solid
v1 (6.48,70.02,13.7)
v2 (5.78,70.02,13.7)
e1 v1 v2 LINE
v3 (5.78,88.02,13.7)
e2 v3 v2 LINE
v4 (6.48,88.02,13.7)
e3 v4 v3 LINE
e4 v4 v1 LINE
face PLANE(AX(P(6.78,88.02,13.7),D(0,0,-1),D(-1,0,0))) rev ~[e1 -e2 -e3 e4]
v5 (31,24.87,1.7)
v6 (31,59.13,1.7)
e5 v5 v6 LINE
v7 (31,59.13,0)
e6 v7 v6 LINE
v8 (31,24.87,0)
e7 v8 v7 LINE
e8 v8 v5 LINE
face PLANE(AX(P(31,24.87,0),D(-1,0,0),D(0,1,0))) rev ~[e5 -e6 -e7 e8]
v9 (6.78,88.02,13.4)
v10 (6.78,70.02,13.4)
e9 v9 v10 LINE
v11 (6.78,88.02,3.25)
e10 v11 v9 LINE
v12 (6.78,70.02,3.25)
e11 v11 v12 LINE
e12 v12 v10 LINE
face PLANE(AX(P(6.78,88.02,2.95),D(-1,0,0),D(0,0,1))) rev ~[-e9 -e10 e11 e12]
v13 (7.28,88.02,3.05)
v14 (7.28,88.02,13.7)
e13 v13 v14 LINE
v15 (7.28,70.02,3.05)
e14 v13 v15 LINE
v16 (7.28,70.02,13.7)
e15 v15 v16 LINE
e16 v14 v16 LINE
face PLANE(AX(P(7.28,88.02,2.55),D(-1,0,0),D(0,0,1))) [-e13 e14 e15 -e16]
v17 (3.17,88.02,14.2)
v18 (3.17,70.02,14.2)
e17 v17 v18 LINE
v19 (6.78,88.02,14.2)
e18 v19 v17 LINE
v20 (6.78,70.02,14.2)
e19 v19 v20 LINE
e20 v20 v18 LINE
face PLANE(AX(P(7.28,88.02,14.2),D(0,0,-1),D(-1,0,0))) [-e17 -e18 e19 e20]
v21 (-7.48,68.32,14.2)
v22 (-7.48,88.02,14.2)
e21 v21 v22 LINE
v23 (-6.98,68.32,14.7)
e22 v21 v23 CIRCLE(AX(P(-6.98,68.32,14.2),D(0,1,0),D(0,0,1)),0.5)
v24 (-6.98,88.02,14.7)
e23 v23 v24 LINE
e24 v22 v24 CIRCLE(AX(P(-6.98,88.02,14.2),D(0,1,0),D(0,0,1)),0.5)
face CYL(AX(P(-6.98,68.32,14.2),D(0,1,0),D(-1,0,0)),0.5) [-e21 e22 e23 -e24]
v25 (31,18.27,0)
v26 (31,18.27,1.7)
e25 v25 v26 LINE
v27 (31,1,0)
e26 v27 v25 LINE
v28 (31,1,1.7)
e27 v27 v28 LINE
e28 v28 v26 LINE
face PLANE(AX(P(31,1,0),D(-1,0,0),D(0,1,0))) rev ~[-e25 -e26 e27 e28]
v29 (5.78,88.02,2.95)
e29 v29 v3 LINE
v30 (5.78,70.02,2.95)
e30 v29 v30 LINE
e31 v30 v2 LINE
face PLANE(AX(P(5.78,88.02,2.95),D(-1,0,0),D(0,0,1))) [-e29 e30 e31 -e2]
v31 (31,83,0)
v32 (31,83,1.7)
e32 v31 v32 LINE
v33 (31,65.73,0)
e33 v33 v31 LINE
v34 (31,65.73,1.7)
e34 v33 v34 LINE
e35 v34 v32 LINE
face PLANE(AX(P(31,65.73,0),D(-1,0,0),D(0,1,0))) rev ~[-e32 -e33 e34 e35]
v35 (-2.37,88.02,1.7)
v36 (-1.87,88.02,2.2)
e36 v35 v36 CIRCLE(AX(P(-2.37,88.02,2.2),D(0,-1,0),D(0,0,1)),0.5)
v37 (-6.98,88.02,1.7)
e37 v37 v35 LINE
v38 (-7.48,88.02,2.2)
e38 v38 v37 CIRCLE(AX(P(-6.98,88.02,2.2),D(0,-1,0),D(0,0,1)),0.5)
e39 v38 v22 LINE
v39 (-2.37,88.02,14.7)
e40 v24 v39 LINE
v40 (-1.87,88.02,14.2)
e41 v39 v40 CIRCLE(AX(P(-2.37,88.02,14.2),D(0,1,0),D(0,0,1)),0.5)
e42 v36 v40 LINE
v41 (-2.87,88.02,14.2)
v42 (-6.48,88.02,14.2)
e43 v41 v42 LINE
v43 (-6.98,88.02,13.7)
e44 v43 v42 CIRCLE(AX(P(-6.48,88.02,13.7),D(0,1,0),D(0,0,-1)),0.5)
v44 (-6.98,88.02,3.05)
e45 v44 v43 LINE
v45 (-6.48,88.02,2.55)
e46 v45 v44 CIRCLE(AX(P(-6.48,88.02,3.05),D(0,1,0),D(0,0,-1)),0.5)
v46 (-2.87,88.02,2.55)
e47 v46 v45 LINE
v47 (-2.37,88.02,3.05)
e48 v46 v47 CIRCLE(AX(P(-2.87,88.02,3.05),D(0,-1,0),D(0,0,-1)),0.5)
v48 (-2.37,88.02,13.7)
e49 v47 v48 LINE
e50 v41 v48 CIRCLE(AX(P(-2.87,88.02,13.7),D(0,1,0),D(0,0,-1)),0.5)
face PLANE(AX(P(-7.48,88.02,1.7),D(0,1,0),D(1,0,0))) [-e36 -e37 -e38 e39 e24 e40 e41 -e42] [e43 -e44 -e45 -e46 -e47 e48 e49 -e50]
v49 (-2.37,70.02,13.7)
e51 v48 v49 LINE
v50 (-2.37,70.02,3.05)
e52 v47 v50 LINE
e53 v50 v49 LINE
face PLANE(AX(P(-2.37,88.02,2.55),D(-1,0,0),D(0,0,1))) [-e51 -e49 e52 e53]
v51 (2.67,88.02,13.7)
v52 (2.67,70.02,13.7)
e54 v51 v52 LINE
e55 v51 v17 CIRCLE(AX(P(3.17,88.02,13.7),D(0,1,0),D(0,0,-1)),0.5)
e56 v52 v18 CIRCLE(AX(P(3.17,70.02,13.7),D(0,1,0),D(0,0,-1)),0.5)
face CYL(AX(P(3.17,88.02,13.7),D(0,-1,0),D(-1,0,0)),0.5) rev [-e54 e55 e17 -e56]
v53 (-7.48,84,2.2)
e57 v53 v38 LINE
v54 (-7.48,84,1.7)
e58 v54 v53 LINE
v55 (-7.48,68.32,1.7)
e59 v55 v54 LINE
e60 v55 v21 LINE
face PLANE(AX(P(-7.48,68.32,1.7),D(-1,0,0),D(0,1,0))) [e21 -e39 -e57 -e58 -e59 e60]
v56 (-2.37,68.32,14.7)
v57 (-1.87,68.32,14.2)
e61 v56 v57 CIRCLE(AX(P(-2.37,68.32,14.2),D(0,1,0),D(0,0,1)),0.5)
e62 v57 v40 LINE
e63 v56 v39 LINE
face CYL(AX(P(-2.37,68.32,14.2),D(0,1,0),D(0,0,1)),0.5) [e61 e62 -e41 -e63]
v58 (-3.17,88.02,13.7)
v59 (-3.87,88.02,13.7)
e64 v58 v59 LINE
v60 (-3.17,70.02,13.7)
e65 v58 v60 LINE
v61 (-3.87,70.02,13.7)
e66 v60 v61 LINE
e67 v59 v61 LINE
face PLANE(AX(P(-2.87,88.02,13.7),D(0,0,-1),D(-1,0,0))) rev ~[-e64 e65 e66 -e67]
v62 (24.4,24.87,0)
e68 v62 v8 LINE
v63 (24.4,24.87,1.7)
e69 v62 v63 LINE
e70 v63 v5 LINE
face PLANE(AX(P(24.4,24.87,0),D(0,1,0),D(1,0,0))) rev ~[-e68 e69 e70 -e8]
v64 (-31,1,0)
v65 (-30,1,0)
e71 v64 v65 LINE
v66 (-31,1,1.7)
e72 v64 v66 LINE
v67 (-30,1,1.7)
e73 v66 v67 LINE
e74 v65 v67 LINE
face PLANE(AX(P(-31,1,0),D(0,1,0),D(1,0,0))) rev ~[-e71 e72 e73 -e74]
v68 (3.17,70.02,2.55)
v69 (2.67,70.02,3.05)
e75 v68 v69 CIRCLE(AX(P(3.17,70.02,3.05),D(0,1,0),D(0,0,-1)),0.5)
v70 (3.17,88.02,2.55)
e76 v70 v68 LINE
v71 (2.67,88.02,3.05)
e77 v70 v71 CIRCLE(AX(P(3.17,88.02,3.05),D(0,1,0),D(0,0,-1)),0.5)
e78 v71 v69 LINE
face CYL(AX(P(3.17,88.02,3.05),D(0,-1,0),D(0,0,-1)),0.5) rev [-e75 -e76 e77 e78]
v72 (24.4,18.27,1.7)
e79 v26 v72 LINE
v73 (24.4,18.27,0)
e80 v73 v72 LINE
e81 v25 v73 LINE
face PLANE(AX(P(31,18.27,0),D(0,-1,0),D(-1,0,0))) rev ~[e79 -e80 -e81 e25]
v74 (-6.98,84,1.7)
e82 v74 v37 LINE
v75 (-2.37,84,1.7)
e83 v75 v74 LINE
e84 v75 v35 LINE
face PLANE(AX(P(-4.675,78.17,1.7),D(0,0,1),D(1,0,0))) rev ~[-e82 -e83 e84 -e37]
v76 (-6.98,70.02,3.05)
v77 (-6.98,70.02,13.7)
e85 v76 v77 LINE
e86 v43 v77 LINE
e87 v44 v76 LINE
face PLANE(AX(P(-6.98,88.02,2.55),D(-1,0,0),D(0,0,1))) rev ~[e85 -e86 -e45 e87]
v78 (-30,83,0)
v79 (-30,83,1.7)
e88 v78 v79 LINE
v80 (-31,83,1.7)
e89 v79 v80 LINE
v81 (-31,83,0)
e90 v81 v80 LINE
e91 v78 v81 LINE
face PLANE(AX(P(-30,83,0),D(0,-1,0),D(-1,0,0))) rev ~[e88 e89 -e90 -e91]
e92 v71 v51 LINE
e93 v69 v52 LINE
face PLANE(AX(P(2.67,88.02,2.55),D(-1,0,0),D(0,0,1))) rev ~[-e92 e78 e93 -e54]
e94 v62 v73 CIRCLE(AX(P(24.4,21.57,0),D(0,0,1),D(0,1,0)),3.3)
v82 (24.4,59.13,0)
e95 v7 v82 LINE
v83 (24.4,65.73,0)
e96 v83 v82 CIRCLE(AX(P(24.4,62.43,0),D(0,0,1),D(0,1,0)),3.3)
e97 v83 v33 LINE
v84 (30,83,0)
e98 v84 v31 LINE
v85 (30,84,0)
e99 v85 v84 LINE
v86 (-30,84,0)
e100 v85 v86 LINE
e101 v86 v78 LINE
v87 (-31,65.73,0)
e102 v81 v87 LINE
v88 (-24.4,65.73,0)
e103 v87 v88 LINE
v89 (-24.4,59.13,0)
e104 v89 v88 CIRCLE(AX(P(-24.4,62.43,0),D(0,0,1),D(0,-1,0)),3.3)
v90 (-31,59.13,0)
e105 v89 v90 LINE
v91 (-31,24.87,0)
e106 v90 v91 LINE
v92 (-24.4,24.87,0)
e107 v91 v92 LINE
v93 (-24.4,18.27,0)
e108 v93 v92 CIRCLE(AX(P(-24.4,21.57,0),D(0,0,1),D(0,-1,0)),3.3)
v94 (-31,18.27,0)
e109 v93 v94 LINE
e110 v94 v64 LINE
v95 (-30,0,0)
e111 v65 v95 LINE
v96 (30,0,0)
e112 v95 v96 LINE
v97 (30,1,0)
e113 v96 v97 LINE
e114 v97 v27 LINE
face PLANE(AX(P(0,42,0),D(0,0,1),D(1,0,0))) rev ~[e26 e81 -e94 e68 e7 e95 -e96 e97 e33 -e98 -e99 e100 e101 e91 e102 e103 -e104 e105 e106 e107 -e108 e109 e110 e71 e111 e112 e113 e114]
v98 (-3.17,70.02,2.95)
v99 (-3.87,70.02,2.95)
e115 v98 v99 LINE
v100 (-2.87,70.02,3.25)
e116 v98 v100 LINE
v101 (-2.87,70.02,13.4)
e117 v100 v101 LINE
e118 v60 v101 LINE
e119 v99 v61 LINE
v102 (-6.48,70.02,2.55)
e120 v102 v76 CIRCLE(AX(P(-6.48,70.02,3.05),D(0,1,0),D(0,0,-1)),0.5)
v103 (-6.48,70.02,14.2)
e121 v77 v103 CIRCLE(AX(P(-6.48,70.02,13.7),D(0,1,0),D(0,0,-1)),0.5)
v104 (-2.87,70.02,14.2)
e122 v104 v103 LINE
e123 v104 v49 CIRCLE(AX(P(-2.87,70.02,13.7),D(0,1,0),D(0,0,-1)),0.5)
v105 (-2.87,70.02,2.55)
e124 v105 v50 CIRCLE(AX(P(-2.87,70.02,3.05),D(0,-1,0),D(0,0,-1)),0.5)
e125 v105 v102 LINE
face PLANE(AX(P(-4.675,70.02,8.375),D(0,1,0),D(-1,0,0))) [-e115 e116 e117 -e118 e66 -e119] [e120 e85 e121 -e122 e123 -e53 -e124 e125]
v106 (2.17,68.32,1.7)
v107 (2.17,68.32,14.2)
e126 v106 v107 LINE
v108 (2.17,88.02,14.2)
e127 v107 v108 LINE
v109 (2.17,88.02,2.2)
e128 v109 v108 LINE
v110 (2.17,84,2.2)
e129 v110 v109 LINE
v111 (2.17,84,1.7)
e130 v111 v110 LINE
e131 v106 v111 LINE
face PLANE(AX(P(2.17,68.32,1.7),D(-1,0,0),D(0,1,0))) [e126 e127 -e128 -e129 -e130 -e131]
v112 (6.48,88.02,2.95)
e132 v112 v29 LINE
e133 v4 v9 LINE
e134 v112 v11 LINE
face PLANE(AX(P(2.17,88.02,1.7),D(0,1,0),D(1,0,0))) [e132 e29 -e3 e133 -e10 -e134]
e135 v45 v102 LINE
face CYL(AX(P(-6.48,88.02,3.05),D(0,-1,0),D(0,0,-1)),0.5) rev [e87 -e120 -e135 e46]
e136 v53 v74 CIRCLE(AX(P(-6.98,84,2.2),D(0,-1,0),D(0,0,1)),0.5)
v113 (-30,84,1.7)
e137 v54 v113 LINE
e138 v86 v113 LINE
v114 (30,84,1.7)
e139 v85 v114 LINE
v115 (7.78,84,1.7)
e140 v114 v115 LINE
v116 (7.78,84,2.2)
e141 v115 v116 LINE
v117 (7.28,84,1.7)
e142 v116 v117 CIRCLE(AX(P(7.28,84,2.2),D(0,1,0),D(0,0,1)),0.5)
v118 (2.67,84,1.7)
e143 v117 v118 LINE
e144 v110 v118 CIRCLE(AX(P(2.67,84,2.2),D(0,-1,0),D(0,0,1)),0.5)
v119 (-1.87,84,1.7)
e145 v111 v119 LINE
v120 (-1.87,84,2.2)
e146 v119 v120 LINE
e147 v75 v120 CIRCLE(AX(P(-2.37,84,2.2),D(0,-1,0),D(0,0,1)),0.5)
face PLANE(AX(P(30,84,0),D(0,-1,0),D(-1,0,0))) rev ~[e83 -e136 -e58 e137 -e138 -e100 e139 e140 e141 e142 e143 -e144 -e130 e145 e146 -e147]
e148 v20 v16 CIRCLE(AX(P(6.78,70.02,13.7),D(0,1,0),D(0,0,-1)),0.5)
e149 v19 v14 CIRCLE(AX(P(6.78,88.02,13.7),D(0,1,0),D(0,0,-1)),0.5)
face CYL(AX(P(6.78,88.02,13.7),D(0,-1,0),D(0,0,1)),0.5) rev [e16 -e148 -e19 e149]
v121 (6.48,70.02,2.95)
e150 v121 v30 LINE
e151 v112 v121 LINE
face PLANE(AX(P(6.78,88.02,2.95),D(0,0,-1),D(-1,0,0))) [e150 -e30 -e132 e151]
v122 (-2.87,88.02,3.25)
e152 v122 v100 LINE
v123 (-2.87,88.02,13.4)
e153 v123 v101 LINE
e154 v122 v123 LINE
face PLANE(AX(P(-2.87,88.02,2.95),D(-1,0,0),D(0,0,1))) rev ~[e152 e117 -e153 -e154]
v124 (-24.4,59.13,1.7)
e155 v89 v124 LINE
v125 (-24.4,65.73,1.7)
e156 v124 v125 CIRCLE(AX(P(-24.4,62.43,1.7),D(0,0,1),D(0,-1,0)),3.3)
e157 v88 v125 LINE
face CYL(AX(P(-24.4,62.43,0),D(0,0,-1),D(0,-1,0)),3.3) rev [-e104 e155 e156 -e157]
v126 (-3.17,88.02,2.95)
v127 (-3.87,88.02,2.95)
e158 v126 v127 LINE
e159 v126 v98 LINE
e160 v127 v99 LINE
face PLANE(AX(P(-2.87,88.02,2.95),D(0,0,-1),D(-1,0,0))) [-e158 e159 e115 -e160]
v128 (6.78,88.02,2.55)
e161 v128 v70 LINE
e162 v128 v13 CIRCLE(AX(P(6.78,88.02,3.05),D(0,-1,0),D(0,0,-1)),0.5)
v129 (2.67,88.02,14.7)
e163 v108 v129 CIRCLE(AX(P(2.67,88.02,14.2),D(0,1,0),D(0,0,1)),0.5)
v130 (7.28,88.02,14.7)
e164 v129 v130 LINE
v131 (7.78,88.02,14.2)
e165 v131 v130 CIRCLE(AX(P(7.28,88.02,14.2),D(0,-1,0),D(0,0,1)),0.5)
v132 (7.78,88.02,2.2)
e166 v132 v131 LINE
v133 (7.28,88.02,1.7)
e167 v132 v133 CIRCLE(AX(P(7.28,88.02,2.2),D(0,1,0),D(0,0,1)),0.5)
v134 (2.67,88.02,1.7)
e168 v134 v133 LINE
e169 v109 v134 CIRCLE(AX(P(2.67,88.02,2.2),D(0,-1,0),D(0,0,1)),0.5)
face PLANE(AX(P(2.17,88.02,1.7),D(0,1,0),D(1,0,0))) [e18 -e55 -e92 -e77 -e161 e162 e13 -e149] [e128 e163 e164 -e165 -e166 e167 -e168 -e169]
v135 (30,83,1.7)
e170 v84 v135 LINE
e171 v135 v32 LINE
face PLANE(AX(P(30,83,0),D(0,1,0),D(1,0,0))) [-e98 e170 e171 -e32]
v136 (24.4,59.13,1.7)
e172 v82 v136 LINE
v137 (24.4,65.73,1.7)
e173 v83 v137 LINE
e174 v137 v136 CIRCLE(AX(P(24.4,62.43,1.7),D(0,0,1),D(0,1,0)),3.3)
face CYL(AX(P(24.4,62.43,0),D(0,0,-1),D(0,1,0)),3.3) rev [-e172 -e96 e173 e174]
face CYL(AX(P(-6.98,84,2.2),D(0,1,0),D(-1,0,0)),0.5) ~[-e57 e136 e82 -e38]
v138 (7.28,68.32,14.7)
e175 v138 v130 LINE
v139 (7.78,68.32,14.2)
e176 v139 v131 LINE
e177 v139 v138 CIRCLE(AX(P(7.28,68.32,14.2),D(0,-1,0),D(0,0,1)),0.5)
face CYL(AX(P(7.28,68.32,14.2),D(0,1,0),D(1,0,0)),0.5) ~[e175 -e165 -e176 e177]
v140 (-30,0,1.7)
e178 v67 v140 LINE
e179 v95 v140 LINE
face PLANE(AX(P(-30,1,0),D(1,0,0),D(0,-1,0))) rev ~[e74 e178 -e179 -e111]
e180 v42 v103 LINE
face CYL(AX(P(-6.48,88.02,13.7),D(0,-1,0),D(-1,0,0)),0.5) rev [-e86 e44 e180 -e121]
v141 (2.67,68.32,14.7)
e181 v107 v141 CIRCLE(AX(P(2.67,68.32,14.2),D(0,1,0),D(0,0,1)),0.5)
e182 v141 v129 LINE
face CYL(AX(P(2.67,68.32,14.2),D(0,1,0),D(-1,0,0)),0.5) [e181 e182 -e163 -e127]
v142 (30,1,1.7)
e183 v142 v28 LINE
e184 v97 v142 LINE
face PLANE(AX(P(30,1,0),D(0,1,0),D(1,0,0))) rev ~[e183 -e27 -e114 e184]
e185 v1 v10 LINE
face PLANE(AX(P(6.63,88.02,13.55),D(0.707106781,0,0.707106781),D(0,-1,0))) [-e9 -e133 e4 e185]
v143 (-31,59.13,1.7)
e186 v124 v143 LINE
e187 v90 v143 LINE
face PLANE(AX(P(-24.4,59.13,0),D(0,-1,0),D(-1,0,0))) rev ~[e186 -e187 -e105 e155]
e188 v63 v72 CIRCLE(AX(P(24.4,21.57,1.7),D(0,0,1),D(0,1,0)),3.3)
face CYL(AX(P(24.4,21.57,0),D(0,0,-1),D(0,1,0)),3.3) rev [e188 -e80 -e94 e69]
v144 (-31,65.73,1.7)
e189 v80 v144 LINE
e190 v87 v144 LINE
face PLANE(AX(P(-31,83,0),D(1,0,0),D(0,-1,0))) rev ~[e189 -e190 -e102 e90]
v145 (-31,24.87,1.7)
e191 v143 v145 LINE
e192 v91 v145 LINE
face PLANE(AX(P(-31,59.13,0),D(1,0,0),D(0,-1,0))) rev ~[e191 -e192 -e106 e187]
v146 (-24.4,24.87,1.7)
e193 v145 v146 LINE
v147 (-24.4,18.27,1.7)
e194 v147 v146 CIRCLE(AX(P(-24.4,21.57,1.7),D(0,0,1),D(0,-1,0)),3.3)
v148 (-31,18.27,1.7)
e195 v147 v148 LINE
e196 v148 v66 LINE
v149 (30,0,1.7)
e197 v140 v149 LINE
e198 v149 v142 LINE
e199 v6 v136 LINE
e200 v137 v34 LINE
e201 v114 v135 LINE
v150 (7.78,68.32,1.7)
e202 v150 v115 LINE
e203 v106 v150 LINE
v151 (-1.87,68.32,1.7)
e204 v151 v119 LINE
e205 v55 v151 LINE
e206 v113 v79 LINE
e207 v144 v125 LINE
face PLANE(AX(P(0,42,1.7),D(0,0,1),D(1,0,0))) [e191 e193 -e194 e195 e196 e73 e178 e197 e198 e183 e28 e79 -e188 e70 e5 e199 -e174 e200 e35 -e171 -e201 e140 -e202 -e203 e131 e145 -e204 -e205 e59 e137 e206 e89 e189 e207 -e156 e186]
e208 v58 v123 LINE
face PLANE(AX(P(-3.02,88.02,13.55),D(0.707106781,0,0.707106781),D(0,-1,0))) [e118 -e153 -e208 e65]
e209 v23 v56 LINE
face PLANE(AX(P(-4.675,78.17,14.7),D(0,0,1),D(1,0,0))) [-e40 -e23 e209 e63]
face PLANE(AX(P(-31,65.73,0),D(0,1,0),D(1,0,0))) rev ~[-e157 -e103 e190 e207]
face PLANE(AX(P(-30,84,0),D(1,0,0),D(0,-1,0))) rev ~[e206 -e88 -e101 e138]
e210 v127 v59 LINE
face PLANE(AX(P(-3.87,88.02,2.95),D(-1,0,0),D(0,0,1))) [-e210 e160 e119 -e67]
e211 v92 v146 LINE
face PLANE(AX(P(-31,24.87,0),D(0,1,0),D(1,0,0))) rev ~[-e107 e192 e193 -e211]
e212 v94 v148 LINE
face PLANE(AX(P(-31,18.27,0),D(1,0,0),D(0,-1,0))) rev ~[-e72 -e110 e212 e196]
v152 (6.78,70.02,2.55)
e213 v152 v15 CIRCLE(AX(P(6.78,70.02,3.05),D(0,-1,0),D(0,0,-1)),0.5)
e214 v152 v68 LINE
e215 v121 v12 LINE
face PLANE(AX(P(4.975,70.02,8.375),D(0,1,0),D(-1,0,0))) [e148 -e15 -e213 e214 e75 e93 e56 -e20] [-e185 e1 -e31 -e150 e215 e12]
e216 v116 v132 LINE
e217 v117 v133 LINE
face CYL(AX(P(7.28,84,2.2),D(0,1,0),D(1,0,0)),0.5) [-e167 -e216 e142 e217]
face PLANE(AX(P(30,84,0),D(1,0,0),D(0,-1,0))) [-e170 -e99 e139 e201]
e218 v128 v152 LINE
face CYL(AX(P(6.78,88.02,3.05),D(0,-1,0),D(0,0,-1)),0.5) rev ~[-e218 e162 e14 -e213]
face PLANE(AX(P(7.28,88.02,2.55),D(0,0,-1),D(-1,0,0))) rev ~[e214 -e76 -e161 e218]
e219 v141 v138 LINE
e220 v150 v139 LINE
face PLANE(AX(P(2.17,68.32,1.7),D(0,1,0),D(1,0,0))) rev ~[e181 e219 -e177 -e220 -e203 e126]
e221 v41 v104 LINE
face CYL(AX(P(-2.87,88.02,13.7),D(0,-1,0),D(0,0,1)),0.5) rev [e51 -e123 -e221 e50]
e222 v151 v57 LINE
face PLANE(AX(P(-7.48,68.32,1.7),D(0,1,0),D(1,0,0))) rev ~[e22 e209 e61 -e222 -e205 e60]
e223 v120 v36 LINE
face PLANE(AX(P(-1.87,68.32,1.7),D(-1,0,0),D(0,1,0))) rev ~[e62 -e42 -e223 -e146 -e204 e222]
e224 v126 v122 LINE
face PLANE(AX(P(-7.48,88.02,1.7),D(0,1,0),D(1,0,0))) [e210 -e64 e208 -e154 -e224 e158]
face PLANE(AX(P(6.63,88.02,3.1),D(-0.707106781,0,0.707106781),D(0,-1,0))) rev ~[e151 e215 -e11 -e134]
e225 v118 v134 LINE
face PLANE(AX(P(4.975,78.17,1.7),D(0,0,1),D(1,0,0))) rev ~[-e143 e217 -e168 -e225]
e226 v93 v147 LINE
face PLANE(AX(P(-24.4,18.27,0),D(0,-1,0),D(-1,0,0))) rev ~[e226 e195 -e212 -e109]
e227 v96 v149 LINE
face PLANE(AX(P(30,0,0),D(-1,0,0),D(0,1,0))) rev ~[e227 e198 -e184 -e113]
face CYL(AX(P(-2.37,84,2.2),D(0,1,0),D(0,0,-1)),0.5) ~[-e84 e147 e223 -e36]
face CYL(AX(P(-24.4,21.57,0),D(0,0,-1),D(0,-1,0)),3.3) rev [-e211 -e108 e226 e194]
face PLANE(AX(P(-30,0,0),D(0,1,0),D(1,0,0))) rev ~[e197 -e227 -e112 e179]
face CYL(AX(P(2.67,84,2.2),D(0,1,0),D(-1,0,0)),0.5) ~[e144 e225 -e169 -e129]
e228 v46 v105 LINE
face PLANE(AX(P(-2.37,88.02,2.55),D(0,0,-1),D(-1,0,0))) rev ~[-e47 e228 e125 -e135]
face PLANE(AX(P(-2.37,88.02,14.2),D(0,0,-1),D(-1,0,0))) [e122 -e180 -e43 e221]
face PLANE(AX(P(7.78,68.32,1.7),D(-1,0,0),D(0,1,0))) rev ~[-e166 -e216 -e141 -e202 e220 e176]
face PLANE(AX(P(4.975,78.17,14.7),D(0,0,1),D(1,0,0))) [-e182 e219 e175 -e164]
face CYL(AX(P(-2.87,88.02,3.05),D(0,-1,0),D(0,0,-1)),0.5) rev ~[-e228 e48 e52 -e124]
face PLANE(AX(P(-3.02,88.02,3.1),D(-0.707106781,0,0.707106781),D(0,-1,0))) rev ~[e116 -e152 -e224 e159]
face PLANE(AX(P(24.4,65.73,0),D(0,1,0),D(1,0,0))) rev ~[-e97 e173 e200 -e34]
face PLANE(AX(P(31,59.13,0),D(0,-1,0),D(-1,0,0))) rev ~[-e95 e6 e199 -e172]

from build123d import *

# Parameters (mm, degrees)
PAD_DEPTH       = 1.7
SKETCH003_W     = 5.61
SKETCH003_H     = 19.7
PAD008_DEPTH    = 13
SKETCH020_W     = 4.61
SKETCH020_H     = 11.65
SKETCH020_W_2   = 1
SKETCH020_H_2   = 10.75
POCKET009_DEPTH = 18
FILLET012_R     = 0.5
FILLET013_R     = 0.5
CHAMFER_SIZE    = 0.3


with BuildPart() as part:
    # Sketch → Pad (new body)
    with BuildSketch(Plane.XY):
        with BuildLine():
            Line((0, 0), (30, 0))
            Line((30, 0), (30, 1))
            Line((30, 1), (31, 1))
            Line((31, 1), (31, 18.27))
            Line((31, 18.27), (24.4, 18.27))
            ThreePointArc((24.4, 24.87), (21.1, 21.57), (24.4, 18.27))
            Line((24.4, 24.87), (31, 24.87))
            Line((31, 24.87), (31, 59.13))
            Line((31, 59.13), (24.4, 59.13))
            ThreePointArc((24.4, 65.73), (21.1, 62.43), (24.4, 59.13))
            Line((24.4, 65.73), (31, 65.73))
            Line((31, 65.73), (31, 83))
            Line((30, 83), (31, 83))
            Line((30, 84), (30, 83))
            Line((30, 84), (0, 84))
            Line((0, 84), (-30, 84))
            Line((-30, 84), (-30, 83))
            Line((-30, 83), (-31, 83))
            Line((-31, 83), (-31, 65.73))
            Line((-31, 65.73), (-24.4, 65.73))
            ThreePointArc((-24.4, 59.13), (-21.1, 62.43), (-24.4, 65.73))
            Line((-24.4, 59.13), (-31, 59.13))
            Line((-31, 59.13), (-31, 24.87))
            Line((-31, 24.87), (-24.4, 24.87))
            ThreePointArc((-24.4, 18.27), (-21.1, 21.57), (-24.4, 24.87))
            Line((-24.4, 18.27), (-31, 18.27))
            Line((-31, 18.27), (-31, 1))
            Line((-31, 1), (-30, 1))
            Line((-30, 1), (-30, 0))
            Line((-30, 0), (0, 0))
        make_face()
    extrude(amount=PAD_DEPTH)

    # Sketch003 → Pad008 (new body)
    with BuildSketch(Plane.XY.offset(1.7)):
        with Locations((-4.675, 78.17)):
            Rectangle(SKETCH003_W, SKETCH003_H)
        with Locations((4.975, 78.17)):
            Rectangle(SKETCH003_W, SKETCH003_H)
    extrude(amount=PAD008_DEPTH)

    # Sketch020 → Pocket009 (cut)
    with BuildSketch(Plane(origin=(0, 88.02, 0), x_dir=(-1, 0, 0), z_dir=(0, 1, 0))):
        with Locations((-4.975, 8.375)):
            Rectangle(SKETCH020_W, SKETCH020_H)
        with Locations((-6.28, 8.325)):
            Rectangle(SKETCH020_W_2, SKETCH020_H_2, mode=Mode.SUBTRACT)
        with Locations((4.675, 8.375)):
            Rectangle(SKETCH020_W, SKETCH020_H)
        with Locations((3.37, 8.325)):
            Rectangle(SKETCH020_W_2, SKETCH020_H_2, mode=Mode.SUBTRACT)
    extrude(amount=-POCKET009_DEPTH, mode=Mode.SUBTRACT)

    # Fillet012
    fillet012_edges = [part.edges().sort_by_distance(p)[0] for p in [
        (7.78, 78.17, 14.7),
        (2.17, 78.17, 14.7),
        (-1.87, 78.17, 14.7),
        (-7.48, 78.17, 14.7),
        (-7.48, 86.01, 1.7),
        (2.17, 86.01, 1.7),
        (7.78, 86.01, 1.7),
        (-1.87, 86.01, 1.7),
    ]]
    fillet(fillet012_edges, radius=FILLET012_R)

    # Fillet013
    fillet013_edges = [part.edges().sort_by_distance(p)[0] for p in [
        (7.28, 79.02, 14.2),
        (-2.37, 79.02, 14.2),
        (2.67, 79.02, 14.2),
        (-6.98, 79.02, 14.2),
        (7.28, 79.02, 2.55),
        (-2.37, 79.02, 2.55),
        (2.67, 79.02, 2.55),
        (-6.98, 79.02, 2.55),
    ]]
    fillet(fillet013_edges, radius=FILLET013_R)

    # Chamfer
    chamfer_edges = [part.edges().sort_by_distance(p)[0] for p in [
        (6.78, 79.02, 13.7),
        (-2.87, 79.02, 13.7),
        (-2.87, 79.02, 2.95),
        (6.78, 79.02, 2.95),
    ]]
    chamfer(chamfer_edges, length=CHAMFER_SIZE)


solid = part.part
